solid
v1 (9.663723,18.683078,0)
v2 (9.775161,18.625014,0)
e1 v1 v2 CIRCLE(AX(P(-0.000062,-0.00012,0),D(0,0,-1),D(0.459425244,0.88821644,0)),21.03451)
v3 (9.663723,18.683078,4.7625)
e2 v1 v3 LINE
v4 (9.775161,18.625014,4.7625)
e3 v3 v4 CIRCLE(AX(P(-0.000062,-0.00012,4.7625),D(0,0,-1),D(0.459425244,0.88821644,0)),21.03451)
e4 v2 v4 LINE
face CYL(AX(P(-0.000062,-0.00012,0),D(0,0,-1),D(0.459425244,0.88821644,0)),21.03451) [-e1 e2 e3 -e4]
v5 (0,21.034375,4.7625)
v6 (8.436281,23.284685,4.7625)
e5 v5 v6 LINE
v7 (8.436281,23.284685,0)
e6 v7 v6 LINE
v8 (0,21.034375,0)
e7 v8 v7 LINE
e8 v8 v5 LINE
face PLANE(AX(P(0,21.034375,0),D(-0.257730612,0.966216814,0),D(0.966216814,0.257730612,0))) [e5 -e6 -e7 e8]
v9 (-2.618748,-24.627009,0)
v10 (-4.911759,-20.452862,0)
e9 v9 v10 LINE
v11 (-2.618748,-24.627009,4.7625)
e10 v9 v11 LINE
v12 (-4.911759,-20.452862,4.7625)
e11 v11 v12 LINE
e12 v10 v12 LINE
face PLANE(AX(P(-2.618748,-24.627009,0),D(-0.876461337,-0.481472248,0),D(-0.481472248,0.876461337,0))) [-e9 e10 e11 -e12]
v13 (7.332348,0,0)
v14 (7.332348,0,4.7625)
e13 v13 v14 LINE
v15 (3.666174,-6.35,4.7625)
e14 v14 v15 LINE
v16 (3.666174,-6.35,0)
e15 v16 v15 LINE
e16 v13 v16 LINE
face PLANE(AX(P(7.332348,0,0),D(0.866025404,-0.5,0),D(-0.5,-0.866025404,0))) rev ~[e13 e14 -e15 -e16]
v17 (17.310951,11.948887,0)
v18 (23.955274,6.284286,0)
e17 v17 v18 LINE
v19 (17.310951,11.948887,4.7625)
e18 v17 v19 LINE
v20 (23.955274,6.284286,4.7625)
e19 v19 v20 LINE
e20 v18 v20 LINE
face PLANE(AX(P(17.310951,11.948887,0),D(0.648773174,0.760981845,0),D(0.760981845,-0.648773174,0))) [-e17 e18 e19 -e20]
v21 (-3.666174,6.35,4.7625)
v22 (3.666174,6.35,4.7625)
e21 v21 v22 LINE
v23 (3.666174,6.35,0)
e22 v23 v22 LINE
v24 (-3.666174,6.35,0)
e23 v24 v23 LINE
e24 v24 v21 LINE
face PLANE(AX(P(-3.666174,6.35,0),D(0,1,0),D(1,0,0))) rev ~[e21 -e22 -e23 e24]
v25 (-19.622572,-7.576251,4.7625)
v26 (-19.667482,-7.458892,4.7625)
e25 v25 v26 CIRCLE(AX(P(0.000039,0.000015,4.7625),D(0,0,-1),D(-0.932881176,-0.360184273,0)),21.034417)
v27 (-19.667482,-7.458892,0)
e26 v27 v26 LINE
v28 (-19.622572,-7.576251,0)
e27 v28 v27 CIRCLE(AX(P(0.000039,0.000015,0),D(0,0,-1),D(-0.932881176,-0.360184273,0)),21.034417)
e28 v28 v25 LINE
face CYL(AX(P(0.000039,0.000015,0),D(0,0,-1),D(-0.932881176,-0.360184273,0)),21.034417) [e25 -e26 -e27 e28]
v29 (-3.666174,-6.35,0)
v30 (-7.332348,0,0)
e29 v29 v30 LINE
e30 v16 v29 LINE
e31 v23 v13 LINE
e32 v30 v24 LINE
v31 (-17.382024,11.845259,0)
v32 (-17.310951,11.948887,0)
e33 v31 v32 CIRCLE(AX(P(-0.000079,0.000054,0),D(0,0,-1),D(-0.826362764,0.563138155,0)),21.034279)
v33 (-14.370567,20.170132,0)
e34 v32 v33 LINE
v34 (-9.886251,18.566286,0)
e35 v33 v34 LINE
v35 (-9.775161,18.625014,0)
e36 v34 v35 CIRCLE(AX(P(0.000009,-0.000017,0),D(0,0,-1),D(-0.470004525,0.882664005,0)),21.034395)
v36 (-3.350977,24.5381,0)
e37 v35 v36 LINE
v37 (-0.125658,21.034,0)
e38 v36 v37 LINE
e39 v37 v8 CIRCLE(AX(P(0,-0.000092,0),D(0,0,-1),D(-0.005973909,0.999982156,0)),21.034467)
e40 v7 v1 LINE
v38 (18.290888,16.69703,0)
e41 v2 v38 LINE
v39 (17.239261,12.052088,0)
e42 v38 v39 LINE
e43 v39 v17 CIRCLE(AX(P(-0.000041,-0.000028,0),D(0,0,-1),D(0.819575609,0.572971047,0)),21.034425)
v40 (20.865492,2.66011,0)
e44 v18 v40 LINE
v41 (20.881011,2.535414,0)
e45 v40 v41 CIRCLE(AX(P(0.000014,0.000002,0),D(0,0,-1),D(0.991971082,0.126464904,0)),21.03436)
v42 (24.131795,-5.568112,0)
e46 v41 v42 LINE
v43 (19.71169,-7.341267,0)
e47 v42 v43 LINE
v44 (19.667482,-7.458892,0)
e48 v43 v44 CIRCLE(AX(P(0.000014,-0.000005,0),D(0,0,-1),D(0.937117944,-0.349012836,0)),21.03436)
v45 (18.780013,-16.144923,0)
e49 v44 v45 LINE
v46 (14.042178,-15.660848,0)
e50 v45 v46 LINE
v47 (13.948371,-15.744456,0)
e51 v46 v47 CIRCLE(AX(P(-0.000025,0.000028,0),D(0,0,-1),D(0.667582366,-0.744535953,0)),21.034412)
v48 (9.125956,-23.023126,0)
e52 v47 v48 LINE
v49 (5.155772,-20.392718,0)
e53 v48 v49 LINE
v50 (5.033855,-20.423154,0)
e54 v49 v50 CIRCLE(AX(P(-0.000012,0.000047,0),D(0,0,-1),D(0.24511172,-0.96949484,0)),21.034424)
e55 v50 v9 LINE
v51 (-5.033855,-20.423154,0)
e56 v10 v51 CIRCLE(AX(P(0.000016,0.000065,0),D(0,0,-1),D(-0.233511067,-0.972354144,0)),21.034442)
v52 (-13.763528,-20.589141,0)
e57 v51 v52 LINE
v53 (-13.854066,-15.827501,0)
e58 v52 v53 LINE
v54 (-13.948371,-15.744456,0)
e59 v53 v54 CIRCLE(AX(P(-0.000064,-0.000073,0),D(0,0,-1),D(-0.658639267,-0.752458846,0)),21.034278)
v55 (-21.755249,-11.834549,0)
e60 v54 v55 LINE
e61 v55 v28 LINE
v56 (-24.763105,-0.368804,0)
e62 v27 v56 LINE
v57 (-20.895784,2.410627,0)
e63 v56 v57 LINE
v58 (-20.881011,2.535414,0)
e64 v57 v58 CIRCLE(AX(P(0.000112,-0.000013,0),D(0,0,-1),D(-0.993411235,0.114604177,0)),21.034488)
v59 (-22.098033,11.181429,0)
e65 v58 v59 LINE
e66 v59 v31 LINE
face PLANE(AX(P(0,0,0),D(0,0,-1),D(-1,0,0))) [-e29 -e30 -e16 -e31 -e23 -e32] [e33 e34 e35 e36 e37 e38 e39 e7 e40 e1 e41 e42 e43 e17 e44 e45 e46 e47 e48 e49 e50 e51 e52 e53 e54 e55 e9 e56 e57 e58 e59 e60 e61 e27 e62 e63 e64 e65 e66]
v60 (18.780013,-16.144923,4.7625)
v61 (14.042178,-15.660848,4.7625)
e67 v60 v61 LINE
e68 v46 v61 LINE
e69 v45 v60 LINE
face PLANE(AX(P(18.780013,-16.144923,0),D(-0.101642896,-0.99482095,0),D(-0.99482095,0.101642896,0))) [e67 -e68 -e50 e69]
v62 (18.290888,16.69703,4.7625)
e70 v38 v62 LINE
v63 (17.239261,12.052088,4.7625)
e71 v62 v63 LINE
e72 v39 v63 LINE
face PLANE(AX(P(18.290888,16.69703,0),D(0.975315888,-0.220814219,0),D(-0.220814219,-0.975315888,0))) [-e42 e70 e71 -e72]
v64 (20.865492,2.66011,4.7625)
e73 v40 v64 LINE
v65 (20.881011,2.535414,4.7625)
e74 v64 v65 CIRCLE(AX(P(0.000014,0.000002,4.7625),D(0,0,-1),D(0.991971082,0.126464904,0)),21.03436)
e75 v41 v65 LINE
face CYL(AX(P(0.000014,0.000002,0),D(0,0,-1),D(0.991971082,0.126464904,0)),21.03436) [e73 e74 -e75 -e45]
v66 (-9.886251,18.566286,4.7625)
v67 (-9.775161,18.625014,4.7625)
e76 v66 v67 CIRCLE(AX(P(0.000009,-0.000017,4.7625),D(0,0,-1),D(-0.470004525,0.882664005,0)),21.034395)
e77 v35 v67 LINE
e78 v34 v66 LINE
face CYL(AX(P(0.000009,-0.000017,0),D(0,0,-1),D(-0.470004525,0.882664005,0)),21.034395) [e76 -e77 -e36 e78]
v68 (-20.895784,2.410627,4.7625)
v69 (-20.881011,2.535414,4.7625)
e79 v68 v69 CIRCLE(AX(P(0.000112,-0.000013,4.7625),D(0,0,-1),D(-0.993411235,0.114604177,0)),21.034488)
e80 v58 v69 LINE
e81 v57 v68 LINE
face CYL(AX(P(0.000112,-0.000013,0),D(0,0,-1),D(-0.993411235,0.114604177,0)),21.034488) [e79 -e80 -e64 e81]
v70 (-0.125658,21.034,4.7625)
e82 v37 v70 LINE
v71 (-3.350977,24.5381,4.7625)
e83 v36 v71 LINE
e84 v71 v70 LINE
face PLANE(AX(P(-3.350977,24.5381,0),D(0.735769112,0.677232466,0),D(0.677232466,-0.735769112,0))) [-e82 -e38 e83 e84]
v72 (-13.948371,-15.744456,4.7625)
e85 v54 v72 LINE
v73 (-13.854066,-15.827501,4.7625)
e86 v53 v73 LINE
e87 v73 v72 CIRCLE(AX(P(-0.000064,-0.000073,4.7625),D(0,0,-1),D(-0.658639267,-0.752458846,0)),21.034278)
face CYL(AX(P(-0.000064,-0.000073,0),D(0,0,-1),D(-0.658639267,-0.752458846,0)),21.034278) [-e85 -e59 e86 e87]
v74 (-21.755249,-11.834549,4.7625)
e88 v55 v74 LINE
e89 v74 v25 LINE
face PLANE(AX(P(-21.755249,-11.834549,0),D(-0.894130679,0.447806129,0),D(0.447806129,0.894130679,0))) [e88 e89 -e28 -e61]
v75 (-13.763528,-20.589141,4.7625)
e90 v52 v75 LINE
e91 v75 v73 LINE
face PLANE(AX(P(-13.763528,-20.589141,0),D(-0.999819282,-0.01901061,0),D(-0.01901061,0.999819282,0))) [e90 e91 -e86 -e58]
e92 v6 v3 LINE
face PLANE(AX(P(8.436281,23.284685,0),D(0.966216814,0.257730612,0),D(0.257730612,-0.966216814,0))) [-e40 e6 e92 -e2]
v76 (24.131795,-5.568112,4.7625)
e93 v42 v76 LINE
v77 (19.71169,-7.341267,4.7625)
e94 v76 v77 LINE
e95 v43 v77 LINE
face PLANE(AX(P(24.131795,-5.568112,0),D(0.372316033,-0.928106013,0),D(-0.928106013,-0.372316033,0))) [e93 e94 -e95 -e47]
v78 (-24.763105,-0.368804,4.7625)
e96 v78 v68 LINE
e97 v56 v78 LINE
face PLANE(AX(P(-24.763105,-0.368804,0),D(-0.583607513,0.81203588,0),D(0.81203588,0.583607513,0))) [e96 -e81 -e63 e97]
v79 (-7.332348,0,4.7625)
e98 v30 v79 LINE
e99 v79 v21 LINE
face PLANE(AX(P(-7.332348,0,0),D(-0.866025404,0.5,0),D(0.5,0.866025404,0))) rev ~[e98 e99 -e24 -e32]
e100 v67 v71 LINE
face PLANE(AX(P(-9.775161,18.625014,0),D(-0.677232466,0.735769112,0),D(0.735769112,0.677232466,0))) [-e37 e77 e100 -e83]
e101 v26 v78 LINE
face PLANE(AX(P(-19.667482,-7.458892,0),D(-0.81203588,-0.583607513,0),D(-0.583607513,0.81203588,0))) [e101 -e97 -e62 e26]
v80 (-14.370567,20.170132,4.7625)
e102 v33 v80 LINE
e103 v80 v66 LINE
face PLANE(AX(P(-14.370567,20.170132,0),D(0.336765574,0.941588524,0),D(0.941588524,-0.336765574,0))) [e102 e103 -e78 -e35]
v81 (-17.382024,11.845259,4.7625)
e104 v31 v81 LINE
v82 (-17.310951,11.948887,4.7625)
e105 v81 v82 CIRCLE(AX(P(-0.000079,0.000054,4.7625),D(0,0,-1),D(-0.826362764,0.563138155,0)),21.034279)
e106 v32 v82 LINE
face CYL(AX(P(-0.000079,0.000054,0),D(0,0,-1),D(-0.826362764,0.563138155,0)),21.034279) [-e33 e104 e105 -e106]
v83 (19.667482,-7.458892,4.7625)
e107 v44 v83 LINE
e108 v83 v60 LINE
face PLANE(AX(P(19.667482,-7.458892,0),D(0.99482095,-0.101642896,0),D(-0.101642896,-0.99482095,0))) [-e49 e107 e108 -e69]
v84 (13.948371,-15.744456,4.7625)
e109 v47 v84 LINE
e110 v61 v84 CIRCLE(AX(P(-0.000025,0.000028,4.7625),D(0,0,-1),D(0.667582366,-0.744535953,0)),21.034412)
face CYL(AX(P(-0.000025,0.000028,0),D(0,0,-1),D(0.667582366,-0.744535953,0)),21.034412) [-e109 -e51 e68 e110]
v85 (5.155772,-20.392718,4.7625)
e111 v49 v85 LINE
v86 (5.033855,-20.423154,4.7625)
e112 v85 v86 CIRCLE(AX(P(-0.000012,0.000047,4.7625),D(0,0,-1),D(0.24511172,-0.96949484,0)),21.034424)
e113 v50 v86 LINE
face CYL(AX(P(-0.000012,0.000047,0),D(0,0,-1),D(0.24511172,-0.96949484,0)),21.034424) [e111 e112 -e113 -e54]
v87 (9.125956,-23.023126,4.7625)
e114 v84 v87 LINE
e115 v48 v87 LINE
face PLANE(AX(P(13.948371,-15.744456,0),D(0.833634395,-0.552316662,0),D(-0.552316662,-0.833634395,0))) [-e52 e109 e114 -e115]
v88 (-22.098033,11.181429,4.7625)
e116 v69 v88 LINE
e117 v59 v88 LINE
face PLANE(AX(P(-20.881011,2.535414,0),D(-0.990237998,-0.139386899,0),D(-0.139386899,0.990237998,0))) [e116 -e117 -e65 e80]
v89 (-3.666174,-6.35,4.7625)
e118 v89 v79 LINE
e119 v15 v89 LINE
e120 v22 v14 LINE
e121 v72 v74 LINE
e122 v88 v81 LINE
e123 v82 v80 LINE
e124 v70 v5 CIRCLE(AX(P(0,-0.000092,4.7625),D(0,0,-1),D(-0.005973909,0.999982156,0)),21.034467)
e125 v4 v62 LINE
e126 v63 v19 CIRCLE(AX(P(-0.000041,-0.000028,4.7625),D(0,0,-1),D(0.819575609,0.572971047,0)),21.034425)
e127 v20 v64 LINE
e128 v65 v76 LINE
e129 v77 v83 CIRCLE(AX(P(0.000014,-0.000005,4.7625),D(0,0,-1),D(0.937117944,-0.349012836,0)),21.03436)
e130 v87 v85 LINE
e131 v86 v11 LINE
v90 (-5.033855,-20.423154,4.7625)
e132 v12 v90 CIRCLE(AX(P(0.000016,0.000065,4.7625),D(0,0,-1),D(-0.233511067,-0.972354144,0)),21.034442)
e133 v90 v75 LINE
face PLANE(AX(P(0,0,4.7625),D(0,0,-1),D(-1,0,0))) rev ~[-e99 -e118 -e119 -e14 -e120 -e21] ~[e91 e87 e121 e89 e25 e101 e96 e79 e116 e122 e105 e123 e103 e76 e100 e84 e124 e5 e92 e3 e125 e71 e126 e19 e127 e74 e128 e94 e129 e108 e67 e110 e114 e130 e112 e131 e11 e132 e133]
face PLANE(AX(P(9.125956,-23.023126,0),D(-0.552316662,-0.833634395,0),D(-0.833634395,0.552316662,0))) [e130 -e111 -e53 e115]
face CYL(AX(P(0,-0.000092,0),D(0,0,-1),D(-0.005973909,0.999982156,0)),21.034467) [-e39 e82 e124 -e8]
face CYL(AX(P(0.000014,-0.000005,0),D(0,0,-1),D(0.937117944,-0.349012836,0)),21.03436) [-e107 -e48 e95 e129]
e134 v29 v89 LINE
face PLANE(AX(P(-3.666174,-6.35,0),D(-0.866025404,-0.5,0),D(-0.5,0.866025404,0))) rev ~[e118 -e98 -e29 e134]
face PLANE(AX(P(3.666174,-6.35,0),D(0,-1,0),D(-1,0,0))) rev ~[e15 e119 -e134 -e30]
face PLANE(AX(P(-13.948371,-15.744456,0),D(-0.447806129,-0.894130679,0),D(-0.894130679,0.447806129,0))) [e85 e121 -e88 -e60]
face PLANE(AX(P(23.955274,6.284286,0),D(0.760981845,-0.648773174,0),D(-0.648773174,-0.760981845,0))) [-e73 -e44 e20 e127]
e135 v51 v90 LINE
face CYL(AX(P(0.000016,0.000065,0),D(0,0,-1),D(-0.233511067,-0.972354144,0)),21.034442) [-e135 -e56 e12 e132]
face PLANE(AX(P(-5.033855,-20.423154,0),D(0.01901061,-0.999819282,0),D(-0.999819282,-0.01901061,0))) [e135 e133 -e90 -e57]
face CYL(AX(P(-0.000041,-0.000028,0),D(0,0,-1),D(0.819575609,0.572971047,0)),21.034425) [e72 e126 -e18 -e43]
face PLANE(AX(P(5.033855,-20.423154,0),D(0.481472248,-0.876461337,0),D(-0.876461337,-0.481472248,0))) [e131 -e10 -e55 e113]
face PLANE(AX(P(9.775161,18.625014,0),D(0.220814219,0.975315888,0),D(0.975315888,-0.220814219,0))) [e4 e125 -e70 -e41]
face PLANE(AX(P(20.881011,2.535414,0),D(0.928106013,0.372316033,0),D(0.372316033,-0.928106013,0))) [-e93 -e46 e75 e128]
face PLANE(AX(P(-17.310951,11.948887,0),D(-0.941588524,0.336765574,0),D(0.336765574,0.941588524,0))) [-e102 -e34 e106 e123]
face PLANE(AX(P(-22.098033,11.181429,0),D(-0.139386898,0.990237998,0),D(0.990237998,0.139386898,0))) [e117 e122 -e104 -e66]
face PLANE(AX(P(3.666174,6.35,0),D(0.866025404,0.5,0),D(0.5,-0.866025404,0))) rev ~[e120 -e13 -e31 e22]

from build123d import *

# Parameters (mm, degrees)
BOSS_EXTRUDE1_DEPTH = 4.7625
CUT_EXTRUDE1_DEPTH  = 4.7625


with BuildPart() as part:
    # Sketch1 → Boss-Extrude1 (new body)
    with BuildSketch(Plane.XY):
        with BuildLine():
            Line((0, 21.034375), (8.436280557, 23.284685407))
            Line((8.436280557, 23.284685407), (9.663722597, 18.68307783))
            ThreePointArc((9.663722597, 18.68307783), (9.719485393, 18.654129176), (9.775161472, 18.62501409))
            Line((9.775161472, 18.62501409), (18.290888316, 16.697029938))
            Line((18.290888316, 16.697029938), (17.239260597, 12.052088023))
            ThreePointArc((17.239260597, 12.052088023), (17.27518299, 12.000541), (17.310951254, 11.948886907))
            Line((17.310951254, 11.948886907), (23.95527399, 6.284286132))
            Line((23.95527399, 6.284286132), (20.865491749, 2.660110094))
            ThreePointArc((20.865491749, 2.660110094), (20.873344353, 2.597773503), (20.881010724, 2.535413734))
            Line((20.881010724, 2.535413734), (24.131795086, -5.568111894))
            Line((24.131795086, -5.568111894), (19.711690198, -7.341267))
            ThreePointArc((19.711690198, -7.341267), (19.689674075, -7.400112598), (19.66748228, -7.458892171))
            Line((19.66748228, -7.458892171), (18.780012747, -16.144922587))
            Line((18.780012747, -16.144922587), (14.042177975, -15.660848297))
            ThreePointArc((14.042177975, -15.660848297), (13.995336753, -15.702722083), (13.948370664, -15.744455769))
            Line((13.948370664, -15.744455769), (9.125955812, -23.023126083))
            Line((9.125955812, -23.023126083), (5.155772004, -20.392717982))
            ThreePointArc((5.155772004, -20.392717982), (5.094836443, -20.408027177), (5.033855426, -20.423154291))
            Line((5.033855426, -20.423154291), (-2.61874762, -24.627008853))
            Line((-2.61874762, -24.627008853), (-4.9117592, -20.452861736))
            ThreePointArc((-4.9117592, -20.452861736), (-4.972829497, -20.438099188), (-5.033855426, -20.423154291))
            Line((-5.033855426, -20.423154291), (-13.763527532, -20.589140681))
            Line((-13.763527532, -20.589140681), (-13.854065563, -15.827501351))
            ThreePointArc((-13.854065563, -15.827501351), (-13.901280128, -15.786048982), (-13.948370664, -15.744455769))
            Line((-13.948370664, -15.744455769), (-21.755249155, -11.834548506))
            Line((-21.755249155, -11.834548506), (-19.622572466, -7.576251148))
            ThreePointArc((-19.622572466, -7.576251148), (-19.64511501, -7.517605196), (-19.66748228, -7.458892171))
            Line((-19.66748228, -7.458892171), (-24.763105375, -0.36880389))
            Line((-24.763105375, -0.36880389), (-20.895784495, 2.410626889))
            ThreePointArc((-20.895784495, 2.410626889), (-20.888490793, 2.473031344), (-20.881010724, 2.535413734))
            Line((-20.881010724, 2.535413734), (-22.098032582, 11.181429253))
            Line((-22.098032582, 11.181429253), (-17.382024117, 11.845259357))
            ThreePointArc((-17.382024117, 11.845259357), (-17.346565069, 11.897126206), (-17.310951254, 11.948886907))
            Line((-17.310951254, 11.948886907), (-14.370566834, 20.170131705))
            Line((-14.370566834, 20.170131705), (-9.88625149, 18.566285658))
            ThreePointArc((-9.88625149, 18.566285658), (-9.830750336, 18.59573283), (-9.775161472, 18.62501409))
            Line((-9.775161472, 18.62501409), (-3.350977409, 24.53810006))
            Line((-3.350977409, 24.53810006), (-0.125657789, 21.033999662))
            ThreePointArc((-0.125657789, 21.033999662), (-0.062829175, 21.034281165), (0, 21.034375))
        make_face()
    extrude(amount=BOSS_EXTRUDE1_DEPTH)

    # Sketch2 → Cut-Extrude1 (cut)
    with BuildSketch(Plane(origin=(0, 0, 0), x_dir=(-1, 0, 0), z_dir=(0, 0, -1))):
        Polygon((-7.332348419, 0), (-3.666174209, -6.35), (3.666174209, -6.35), (7.332348419, 0), (3.666174209, 6.35), (-3.666174209, 6.35), align=None)
    extrude(amount=-CUT_EXTRUDE1_DEPTH, mode=Mode.SUBTRACT)


solid = part.part
